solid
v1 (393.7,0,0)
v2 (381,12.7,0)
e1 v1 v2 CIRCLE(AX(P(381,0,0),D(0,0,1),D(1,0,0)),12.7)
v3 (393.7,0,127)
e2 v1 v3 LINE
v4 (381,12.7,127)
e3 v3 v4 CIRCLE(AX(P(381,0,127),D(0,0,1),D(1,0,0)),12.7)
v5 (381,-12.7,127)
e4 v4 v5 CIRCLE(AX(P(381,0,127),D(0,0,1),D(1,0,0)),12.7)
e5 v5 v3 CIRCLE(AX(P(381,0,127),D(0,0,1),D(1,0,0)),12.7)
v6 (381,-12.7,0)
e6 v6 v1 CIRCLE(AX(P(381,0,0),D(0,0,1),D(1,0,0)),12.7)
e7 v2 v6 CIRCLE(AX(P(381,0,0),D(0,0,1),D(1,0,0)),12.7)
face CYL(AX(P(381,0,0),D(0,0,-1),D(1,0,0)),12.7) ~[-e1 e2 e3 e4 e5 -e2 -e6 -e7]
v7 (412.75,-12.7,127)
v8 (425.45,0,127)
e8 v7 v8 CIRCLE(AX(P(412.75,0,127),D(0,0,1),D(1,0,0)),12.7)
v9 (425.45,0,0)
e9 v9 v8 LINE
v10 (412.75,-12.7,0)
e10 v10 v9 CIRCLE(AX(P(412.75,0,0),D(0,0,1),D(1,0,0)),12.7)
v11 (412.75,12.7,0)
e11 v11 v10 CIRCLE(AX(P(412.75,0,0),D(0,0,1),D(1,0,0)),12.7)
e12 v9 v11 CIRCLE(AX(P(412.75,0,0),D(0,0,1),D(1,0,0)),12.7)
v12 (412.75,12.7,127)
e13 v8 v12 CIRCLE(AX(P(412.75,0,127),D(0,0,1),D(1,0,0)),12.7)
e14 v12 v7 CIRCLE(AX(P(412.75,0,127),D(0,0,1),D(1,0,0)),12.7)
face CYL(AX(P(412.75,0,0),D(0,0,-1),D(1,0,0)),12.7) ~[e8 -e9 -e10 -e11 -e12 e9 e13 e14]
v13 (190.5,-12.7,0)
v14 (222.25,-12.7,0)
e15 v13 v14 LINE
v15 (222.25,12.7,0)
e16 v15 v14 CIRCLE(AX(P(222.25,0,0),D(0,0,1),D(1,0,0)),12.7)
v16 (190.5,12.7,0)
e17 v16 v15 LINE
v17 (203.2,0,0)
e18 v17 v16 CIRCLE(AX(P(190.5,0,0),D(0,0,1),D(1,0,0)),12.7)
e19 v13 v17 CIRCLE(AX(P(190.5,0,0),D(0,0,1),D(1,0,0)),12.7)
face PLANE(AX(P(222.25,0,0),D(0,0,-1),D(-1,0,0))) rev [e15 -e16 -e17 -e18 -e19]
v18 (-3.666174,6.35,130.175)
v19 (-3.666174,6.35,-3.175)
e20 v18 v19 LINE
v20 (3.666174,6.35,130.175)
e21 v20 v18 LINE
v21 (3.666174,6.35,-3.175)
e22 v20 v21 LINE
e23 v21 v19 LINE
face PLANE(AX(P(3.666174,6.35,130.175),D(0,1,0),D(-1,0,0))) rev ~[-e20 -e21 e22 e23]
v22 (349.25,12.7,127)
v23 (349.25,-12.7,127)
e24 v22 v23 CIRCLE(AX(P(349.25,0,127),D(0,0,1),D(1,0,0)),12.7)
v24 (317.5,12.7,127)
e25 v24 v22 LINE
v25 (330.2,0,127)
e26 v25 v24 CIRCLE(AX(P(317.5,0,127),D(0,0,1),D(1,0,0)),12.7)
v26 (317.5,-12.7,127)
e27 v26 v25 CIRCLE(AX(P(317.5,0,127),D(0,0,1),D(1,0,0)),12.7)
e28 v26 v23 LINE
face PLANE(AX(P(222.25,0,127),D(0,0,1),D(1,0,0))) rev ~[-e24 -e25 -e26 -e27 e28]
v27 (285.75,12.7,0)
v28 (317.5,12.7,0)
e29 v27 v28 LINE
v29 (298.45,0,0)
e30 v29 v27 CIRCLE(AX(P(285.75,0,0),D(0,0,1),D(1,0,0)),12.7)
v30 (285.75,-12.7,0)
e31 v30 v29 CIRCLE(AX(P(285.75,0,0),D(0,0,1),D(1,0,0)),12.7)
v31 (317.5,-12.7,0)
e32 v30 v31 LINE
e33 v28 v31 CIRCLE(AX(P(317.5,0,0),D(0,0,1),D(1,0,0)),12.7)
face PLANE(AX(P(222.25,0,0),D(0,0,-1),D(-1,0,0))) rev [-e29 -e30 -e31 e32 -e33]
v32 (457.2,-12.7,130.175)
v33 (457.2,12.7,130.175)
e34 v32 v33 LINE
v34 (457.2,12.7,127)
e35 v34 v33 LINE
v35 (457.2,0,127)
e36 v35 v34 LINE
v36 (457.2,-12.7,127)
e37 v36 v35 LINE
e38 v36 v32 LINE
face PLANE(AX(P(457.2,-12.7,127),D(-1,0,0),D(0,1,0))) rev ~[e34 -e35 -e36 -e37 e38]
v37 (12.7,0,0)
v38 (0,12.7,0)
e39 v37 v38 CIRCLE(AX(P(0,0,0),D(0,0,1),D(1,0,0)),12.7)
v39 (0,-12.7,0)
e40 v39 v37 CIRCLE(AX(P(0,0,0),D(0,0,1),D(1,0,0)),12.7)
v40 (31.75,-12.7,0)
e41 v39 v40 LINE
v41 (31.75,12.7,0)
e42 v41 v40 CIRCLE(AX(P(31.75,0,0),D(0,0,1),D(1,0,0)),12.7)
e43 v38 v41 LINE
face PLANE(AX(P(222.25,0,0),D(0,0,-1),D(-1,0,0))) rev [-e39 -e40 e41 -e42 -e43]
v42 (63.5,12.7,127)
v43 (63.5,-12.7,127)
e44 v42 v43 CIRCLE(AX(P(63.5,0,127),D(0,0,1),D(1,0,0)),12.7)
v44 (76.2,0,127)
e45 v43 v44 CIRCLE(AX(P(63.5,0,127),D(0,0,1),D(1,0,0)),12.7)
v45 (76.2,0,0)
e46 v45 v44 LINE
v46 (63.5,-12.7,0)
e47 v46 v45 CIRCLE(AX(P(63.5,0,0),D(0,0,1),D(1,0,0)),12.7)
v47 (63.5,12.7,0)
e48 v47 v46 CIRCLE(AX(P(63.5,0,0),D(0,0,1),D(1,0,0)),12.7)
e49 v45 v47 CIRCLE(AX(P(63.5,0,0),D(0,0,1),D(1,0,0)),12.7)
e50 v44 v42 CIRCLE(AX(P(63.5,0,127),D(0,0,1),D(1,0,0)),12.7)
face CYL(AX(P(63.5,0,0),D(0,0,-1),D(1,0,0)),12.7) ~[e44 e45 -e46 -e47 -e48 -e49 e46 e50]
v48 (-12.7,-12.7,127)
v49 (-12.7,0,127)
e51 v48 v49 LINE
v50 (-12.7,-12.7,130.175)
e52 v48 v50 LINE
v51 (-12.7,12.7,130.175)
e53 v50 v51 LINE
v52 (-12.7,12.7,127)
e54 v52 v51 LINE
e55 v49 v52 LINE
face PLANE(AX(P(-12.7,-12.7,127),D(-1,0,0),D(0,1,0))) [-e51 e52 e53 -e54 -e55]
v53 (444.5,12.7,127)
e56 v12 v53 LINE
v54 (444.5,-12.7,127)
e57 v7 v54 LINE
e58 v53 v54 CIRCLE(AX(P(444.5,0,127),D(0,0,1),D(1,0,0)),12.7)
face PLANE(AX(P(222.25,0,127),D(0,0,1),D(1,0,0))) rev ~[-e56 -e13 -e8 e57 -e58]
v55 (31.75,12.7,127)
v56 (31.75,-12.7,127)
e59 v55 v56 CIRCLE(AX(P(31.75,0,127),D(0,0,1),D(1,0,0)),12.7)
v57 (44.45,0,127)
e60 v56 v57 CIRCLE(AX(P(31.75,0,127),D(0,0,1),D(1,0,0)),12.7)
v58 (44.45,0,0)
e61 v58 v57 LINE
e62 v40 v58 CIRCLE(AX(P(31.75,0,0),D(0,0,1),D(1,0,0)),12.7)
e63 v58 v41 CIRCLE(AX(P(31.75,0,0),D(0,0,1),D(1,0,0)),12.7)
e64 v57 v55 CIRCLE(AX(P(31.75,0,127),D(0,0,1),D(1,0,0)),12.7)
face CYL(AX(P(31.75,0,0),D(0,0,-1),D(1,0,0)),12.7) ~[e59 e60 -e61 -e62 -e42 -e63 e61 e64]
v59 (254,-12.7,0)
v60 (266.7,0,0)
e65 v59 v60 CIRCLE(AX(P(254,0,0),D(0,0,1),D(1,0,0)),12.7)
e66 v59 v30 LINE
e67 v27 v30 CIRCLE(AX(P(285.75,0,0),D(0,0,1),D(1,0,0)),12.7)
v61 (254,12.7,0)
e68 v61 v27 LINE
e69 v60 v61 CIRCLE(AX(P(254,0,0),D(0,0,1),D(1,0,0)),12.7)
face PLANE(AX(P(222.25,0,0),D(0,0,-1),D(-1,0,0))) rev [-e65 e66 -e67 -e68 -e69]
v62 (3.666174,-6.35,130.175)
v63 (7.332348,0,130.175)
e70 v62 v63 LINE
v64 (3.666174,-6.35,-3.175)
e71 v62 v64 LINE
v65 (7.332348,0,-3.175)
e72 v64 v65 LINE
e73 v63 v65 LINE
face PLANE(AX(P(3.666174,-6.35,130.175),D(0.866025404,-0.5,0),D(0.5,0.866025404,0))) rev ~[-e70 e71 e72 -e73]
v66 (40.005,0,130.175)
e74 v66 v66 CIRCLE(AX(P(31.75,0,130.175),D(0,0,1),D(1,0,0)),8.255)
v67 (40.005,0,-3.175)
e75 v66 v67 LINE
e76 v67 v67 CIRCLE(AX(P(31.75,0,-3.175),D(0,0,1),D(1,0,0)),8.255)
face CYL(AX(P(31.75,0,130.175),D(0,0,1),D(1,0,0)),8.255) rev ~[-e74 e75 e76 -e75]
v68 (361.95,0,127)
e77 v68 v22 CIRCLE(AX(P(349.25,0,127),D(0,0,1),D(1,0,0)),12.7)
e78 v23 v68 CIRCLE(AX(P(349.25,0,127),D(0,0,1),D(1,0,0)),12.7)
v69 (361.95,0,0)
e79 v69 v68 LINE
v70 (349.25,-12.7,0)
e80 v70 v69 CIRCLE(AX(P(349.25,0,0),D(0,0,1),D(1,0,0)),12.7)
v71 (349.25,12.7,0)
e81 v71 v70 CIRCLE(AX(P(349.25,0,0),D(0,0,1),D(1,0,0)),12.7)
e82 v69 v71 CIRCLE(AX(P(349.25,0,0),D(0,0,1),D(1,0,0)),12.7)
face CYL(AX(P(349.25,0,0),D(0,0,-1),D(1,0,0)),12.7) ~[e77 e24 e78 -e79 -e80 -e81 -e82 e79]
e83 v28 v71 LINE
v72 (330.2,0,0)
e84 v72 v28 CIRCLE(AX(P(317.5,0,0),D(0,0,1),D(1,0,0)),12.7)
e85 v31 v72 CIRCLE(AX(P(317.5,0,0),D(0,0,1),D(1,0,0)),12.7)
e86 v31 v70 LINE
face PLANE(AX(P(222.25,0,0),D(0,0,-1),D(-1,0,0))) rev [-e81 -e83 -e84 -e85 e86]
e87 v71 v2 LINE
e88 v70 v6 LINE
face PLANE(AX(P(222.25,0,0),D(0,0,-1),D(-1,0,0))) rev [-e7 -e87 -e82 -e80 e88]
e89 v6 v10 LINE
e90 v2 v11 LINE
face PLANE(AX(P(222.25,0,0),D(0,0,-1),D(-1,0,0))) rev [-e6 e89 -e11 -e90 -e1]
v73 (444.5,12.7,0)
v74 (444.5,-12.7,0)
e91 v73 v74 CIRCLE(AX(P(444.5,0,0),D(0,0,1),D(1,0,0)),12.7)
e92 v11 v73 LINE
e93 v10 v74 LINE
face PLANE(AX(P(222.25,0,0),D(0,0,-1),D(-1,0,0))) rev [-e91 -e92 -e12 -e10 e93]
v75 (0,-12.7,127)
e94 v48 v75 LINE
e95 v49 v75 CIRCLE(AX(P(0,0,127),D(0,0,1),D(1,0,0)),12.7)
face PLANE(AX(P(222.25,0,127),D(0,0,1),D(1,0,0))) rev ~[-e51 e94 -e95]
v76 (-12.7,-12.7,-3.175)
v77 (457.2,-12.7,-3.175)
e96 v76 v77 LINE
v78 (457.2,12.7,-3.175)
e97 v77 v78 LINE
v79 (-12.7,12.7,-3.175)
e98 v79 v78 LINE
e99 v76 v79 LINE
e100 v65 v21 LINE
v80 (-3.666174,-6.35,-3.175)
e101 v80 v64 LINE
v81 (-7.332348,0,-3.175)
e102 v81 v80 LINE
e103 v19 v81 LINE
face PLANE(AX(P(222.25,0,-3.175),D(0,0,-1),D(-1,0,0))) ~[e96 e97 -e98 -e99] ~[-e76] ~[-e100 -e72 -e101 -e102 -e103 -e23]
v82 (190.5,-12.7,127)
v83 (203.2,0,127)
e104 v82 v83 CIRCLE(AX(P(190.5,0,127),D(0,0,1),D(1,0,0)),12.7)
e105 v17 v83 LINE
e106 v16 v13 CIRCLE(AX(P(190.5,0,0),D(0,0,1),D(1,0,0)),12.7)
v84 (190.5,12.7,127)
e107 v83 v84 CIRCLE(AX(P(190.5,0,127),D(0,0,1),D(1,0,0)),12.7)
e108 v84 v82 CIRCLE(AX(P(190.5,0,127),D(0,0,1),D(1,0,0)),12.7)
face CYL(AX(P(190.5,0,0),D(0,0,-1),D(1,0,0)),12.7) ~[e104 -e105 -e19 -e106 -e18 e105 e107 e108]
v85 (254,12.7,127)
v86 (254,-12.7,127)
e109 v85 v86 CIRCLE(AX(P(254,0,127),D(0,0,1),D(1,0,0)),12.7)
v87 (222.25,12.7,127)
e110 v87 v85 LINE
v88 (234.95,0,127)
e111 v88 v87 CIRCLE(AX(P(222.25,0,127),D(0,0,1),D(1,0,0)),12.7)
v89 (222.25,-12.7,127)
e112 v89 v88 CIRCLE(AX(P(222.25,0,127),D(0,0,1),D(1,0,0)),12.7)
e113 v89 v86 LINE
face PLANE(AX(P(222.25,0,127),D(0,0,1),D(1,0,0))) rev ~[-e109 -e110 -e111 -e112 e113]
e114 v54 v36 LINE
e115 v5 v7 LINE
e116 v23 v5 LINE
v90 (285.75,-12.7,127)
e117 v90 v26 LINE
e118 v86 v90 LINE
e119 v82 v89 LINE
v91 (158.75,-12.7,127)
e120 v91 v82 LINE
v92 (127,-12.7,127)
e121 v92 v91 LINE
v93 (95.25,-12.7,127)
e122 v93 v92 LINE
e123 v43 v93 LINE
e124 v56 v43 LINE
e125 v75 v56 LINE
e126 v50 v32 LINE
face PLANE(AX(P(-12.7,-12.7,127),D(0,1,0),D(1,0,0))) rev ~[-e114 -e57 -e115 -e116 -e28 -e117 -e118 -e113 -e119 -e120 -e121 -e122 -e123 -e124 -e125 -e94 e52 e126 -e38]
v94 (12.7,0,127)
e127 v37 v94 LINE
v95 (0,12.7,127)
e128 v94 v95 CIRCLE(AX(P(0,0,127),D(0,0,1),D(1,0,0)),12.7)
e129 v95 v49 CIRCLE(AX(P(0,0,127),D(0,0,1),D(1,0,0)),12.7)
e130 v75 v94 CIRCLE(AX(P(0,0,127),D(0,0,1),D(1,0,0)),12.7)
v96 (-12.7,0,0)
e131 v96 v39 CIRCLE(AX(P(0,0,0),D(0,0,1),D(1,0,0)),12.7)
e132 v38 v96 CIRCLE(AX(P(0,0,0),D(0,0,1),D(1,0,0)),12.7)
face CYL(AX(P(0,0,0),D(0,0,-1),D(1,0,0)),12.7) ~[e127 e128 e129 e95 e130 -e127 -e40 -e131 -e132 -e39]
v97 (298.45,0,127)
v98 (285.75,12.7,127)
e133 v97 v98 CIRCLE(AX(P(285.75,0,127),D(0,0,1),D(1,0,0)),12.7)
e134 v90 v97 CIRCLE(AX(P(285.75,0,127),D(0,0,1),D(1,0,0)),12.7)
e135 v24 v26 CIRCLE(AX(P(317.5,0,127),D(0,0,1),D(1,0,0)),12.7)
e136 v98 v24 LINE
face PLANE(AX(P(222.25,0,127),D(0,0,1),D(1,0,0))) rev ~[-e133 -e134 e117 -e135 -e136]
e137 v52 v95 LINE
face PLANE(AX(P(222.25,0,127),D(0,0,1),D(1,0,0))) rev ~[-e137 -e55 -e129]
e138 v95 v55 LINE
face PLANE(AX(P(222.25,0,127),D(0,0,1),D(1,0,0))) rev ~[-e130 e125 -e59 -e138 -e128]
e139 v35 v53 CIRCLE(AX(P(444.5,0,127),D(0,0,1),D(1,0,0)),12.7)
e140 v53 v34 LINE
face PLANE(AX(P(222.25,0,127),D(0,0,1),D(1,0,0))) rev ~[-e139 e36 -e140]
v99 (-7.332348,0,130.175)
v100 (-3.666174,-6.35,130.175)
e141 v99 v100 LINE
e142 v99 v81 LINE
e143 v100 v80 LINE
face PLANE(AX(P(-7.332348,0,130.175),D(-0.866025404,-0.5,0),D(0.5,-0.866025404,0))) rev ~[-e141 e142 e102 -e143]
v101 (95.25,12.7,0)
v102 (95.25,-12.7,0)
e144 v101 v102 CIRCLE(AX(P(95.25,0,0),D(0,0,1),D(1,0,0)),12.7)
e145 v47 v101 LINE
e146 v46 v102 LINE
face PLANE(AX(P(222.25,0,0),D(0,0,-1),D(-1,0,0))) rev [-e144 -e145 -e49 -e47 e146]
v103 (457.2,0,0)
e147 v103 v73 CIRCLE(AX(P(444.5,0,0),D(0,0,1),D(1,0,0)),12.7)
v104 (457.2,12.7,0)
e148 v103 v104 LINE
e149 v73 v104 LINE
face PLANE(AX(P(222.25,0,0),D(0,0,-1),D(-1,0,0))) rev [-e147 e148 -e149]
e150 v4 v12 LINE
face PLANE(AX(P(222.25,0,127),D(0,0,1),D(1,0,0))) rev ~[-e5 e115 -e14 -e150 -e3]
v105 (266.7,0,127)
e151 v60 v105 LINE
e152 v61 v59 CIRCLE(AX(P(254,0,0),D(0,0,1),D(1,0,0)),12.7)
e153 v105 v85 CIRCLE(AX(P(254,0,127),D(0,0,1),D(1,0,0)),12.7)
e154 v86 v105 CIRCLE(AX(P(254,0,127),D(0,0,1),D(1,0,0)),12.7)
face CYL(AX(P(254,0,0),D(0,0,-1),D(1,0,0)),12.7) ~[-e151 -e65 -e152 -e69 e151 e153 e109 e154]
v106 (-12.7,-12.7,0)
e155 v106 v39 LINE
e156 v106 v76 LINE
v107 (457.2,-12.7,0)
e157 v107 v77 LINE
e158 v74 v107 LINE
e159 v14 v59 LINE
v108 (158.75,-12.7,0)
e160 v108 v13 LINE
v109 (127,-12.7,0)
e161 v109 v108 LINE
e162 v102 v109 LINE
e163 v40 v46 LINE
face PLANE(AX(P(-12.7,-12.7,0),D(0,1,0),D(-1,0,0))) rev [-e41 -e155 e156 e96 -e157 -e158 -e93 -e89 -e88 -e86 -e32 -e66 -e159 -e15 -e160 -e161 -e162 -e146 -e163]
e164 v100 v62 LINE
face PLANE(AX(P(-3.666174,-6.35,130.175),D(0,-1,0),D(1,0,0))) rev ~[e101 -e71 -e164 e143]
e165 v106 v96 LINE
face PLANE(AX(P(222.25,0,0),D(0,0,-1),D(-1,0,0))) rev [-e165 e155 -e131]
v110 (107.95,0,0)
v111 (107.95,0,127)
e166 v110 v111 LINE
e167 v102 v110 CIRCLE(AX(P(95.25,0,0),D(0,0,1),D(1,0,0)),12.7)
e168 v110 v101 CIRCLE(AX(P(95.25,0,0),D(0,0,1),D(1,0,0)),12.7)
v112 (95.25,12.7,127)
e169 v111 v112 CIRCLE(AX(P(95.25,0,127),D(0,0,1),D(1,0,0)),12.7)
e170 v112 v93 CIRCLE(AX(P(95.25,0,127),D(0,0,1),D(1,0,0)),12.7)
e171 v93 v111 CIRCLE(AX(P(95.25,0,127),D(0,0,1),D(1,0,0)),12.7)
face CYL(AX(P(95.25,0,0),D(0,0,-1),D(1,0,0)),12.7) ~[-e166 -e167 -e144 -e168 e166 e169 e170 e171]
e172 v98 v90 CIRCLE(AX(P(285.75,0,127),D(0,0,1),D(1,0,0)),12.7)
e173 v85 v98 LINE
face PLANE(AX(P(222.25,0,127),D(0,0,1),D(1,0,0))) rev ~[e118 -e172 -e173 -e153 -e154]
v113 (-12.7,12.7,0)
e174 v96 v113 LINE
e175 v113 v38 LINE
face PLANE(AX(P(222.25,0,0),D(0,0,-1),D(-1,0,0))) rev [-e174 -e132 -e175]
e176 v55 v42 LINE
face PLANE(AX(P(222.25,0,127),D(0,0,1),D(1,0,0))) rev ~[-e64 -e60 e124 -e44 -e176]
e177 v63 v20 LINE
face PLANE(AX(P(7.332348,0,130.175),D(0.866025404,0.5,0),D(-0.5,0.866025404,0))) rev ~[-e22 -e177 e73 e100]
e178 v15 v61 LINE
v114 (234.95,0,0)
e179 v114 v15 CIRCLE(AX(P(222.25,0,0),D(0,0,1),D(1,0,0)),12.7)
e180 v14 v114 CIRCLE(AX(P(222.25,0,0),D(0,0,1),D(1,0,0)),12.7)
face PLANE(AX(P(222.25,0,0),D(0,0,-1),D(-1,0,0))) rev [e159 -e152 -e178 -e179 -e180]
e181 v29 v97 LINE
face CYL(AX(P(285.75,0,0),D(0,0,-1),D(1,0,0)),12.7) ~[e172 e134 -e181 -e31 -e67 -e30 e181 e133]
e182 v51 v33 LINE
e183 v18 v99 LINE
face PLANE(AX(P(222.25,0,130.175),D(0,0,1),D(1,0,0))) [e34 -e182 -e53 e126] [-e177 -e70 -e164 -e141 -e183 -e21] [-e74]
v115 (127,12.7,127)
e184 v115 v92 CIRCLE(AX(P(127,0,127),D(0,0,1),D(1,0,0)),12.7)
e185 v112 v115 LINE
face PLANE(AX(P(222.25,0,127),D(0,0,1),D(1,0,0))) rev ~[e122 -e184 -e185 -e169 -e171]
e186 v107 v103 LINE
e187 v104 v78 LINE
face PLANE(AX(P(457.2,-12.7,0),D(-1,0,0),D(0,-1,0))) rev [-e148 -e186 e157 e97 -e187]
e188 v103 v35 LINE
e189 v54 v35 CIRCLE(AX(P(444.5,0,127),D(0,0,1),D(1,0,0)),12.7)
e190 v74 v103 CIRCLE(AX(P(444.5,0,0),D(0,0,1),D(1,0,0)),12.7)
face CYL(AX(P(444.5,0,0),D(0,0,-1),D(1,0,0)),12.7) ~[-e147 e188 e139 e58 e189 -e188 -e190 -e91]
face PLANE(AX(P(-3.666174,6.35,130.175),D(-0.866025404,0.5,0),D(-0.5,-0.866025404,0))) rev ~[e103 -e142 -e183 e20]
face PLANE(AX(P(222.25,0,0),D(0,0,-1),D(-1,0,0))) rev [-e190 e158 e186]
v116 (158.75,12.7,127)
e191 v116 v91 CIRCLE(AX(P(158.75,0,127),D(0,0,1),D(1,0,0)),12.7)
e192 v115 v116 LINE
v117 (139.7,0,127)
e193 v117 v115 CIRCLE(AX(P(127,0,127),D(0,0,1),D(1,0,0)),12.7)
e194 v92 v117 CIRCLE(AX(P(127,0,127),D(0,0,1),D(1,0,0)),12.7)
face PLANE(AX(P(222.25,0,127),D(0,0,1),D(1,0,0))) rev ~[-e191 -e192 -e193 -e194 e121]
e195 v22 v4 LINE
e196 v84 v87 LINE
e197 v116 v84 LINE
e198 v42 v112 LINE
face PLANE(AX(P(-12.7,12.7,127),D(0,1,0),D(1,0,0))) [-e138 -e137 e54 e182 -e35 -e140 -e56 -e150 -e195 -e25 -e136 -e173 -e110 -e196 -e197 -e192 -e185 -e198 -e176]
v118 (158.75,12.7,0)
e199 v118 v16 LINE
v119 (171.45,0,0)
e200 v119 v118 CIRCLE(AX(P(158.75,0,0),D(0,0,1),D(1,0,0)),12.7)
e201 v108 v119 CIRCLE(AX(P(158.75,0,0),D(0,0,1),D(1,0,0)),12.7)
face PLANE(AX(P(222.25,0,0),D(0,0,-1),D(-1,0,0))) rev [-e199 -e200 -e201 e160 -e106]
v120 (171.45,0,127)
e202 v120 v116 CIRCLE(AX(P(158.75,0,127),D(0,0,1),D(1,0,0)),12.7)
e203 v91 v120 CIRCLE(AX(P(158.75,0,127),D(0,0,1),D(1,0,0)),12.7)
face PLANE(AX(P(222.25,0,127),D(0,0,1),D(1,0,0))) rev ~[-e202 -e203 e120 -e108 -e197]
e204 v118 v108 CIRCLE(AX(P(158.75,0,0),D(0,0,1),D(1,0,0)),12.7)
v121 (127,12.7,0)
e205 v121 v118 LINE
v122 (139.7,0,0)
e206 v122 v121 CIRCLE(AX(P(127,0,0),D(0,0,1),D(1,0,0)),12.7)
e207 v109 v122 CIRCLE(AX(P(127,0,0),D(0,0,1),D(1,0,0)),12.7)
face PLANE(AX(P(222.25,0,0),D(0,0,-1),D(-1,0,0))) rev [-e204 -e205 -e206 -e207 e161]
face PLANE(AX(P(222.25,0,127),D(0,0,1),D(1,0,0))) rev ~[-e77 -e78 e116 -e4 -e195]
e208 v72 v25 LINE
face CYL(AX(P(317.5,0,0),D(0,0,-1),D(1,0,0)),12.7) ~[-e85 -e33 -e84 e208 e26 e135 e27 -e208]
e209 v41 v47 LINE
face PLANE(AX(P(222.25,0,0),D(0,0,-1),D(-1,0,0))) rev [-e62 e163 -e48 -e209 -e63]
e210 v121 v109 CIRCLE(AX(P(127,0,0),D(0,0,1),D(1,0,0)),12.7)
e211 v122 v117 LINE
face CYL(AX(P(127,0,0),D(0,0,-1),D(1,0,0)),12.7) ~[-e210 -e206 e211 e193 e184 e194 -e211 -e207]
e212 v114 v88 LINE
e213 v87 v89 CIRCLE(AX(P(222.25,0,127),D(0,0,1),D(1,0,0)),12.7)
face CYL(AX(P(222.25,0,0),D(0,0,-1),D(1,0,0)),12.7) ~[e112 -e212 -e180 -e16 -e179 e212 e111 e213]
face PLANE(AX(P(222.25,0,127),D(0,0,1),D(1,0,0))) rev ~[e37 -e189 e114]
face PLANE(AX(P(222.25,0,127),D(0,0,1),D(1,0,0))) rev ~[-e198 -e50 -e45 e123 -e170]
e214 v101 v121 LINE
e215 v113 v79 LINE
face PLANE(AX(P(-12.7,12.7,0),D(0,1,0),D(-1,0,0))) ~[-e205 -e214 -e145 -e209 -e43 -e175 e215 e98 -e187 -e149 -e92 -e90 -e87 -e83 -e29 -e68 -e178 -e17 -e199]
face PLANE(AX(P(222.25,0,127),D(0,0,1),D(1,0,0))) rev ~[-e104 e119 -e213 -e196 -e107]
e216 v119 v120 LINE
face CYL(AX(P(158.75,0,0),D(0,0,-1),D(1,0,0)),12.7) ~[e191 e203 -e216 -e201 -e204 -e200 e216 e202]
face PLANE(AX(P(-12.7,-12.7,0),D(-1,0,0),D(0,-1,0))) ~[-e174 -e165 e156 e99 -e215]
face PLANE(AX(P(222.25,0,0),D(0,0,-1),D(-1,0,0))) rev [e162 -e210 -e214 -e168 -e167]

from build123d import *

# Parameters (mm, degrees)
SKETCH1_R           = 12.7
BOSS_EXTRUDE1_DEPTH = 127
LPATTERN1_COUNT     = 15
LPATTERN1_PITCH     = 31.75
SKETCH2_W           = 469.9
SKETCH2_H           = 25.4
BOSS_EXTRUDE2_DEPTH = 3.175
SKETCH3_R           = 8.255
CUT_EXTRUDE1_DEPTH  = 477.41930324


with BuildPart() as part:
    # Sketch1 → Boss-Extrude1 (new body)
    with BuildSketch(Plane.XY):
        Circle(SKETCH1_R)
    extrude(amount=BOSS_EXTRUDE1_DEPTH)


with BuildPart() as lpattern1_1:
    # LPattern1: pattern copy
    add(part.part.moved(Location(Vector(1, 0, 0) * (1 * LPATTERN1_PITCH))))


with BuildPart() as lpattern1_2:
    # LPattern1: pattern copy
    add(part.part.moved(Location(Vector(1, 0, 0) * (2 * LPATTERN1_PITCH))))


with BuildPart() as lpattern1_3:
    # LPattern1: pattern copy
    add(part.part.moved(Location(Vector(1, 0, 0) * (3 * LPATTERN1_PITCH))))


with BuildPart() as lpattern1_4:
    # LPattern1: pattern copy
    add(part.part.moved(Location(Vector(1, 0, 0) * (4 * LPATTERN1_PITCH))))


with BuildPart() as lpattern1_5:
    # LPattern1: pattern copy
    add(part.part.moved(Location(Vector(1, 0, 0) * (5 * LPATTERN1_PITCH))))


with BuildPart() as lpattern1_6:
    # LPattern1: pattern copy
    add(part.part.moved(Location(Vector(1, 0, 0) * (6 * LPATTERN1_PITCH))))


with BuildPart() as lpattern1_7:
    # LPattern1: pattern copy
    add(part.part.moved(Location(Vector(1, 0, 0) * (7 * LPATTERN1_PITCH))))


with BuildPart() as lpattern1_8:
    # LPattern1: pattern copy
    add(part.part.moved(Location(Vector(1, 0, 0) * (8 * LPATTERN1_PITCH))))


with BuildPart() as lpattern1_9:
    # LPattern1: pattern copy
    add(part.part.moved(Location(Vector(1, 0, 0) * (9 * LPATTERN1_PITCH))))


with BuildPart() as lpattern1_10:
    # LPattern1: pattern copy
    add(part.part.moved(Location(Vector(1, 0, 0) * (10 * LPATTERN1_PITCH))))


with BuildPart() as lpattern1_11:
    # LPattern1: pattern copy
    add(part.part.moved(Location(Vector(1, 0, 0) * (11 * LPATTERN1_PITCH))))


with BuildPart() as lpattern1_12:
    # LPattern1: pattern copy
    add(part.part.moved(Location(Vector(1, 0, 0) * (12 * LPATTERN1_PITCH))))


with BuildPart() as lpattern1_13:
    # LPattern1: pattern copy
    add(part.part.moved(Location(Vector(1, 0, 0) * (13 * LPATTERN1_PITCH))))


with BuildPart() as lpattern1_14:
    # LPattern1: pattern copy
    add(part.part.moved(Location(Vector(1, 0, 0) * (14 * LPATTERN1_PITCH))))


with BuildPart() as part_1:
    add(part.part)

    add(lpattern1_1.part)  # Boss-Extrude2 merges LPattern1_1

    add(lpattern1_2.part)  # Boss-Extrude2 merges LPattern1_2

    add(lpattern1_3.part)  # Boss-Extrude2 merges LPattern1_3

    add(lpattern1_4.part)  # Boss-Extrude2 merges LPattern1_4

    add(lpattern1_5.part)  # Boss-Extrude2 merges LPattern1_5

    add(lpattern1_6.part)  # Boss-Extrude2 merges LPattern1_6

    add(lpattern1_7.part)  # Boss-Extrude2 merges LPattern1_7

    add(lpattern1_8.part)  # Boss-Extrude2 merges LPattern1_8

    add(lpattern1_9.part)  # Boss-Extrude2 merges LPattern1_9

    add(lpattern1_10.part)  # Boss-Extrude2 merges LPattern1_10

    add(lpattern1_11.part)  # Boss-Extrude2 merges LPattern1_11

    add(lpattern1_12.part)  # Boss-Extrude2 merges LPattern1_12

    add(lpattern1_13.part)  # Boss-Extrude2 merges LPattern1_13

    add(lpattern1_14.part)  # Boss-Extrude2 merges LPattern1_14
    # Sketch2 → Boss-Extrude2 (add)
    with BuildSketch(Plane.XY.offset(127)):
        with Locations((222.25, 0)):
            Rectangle(SKETCH2_W, SKETCH2_H)
    boss_extrude2 = extrude(amount=BOSS_EXTRUDE2_DEPTH)

    # Mirror1: Boss-Extrude2 across plane
    add(boss_extrude2.mirror(Plane.XY.offset(63.5)))

    # Sketch3 → Cut-Extrude1 (cut, through all)
    with BuildSketch(Plane.XY.offset(130.175)):
        with Locations((31.75, 0)):
            Circle(SKETCH3_R)
        Polygon((7.332348419, 0), (3.666174209, 6.35), (-3.666174209, 6.35), (-7.332348419, 0), (-3.666174209, -6.35), (3.666174209, -6.35), align=None)
    extrude(amount=-CUT_EXTRUDE1_DEPTH, mode=Mode.SUBTRACT)


solid = part_1.part
